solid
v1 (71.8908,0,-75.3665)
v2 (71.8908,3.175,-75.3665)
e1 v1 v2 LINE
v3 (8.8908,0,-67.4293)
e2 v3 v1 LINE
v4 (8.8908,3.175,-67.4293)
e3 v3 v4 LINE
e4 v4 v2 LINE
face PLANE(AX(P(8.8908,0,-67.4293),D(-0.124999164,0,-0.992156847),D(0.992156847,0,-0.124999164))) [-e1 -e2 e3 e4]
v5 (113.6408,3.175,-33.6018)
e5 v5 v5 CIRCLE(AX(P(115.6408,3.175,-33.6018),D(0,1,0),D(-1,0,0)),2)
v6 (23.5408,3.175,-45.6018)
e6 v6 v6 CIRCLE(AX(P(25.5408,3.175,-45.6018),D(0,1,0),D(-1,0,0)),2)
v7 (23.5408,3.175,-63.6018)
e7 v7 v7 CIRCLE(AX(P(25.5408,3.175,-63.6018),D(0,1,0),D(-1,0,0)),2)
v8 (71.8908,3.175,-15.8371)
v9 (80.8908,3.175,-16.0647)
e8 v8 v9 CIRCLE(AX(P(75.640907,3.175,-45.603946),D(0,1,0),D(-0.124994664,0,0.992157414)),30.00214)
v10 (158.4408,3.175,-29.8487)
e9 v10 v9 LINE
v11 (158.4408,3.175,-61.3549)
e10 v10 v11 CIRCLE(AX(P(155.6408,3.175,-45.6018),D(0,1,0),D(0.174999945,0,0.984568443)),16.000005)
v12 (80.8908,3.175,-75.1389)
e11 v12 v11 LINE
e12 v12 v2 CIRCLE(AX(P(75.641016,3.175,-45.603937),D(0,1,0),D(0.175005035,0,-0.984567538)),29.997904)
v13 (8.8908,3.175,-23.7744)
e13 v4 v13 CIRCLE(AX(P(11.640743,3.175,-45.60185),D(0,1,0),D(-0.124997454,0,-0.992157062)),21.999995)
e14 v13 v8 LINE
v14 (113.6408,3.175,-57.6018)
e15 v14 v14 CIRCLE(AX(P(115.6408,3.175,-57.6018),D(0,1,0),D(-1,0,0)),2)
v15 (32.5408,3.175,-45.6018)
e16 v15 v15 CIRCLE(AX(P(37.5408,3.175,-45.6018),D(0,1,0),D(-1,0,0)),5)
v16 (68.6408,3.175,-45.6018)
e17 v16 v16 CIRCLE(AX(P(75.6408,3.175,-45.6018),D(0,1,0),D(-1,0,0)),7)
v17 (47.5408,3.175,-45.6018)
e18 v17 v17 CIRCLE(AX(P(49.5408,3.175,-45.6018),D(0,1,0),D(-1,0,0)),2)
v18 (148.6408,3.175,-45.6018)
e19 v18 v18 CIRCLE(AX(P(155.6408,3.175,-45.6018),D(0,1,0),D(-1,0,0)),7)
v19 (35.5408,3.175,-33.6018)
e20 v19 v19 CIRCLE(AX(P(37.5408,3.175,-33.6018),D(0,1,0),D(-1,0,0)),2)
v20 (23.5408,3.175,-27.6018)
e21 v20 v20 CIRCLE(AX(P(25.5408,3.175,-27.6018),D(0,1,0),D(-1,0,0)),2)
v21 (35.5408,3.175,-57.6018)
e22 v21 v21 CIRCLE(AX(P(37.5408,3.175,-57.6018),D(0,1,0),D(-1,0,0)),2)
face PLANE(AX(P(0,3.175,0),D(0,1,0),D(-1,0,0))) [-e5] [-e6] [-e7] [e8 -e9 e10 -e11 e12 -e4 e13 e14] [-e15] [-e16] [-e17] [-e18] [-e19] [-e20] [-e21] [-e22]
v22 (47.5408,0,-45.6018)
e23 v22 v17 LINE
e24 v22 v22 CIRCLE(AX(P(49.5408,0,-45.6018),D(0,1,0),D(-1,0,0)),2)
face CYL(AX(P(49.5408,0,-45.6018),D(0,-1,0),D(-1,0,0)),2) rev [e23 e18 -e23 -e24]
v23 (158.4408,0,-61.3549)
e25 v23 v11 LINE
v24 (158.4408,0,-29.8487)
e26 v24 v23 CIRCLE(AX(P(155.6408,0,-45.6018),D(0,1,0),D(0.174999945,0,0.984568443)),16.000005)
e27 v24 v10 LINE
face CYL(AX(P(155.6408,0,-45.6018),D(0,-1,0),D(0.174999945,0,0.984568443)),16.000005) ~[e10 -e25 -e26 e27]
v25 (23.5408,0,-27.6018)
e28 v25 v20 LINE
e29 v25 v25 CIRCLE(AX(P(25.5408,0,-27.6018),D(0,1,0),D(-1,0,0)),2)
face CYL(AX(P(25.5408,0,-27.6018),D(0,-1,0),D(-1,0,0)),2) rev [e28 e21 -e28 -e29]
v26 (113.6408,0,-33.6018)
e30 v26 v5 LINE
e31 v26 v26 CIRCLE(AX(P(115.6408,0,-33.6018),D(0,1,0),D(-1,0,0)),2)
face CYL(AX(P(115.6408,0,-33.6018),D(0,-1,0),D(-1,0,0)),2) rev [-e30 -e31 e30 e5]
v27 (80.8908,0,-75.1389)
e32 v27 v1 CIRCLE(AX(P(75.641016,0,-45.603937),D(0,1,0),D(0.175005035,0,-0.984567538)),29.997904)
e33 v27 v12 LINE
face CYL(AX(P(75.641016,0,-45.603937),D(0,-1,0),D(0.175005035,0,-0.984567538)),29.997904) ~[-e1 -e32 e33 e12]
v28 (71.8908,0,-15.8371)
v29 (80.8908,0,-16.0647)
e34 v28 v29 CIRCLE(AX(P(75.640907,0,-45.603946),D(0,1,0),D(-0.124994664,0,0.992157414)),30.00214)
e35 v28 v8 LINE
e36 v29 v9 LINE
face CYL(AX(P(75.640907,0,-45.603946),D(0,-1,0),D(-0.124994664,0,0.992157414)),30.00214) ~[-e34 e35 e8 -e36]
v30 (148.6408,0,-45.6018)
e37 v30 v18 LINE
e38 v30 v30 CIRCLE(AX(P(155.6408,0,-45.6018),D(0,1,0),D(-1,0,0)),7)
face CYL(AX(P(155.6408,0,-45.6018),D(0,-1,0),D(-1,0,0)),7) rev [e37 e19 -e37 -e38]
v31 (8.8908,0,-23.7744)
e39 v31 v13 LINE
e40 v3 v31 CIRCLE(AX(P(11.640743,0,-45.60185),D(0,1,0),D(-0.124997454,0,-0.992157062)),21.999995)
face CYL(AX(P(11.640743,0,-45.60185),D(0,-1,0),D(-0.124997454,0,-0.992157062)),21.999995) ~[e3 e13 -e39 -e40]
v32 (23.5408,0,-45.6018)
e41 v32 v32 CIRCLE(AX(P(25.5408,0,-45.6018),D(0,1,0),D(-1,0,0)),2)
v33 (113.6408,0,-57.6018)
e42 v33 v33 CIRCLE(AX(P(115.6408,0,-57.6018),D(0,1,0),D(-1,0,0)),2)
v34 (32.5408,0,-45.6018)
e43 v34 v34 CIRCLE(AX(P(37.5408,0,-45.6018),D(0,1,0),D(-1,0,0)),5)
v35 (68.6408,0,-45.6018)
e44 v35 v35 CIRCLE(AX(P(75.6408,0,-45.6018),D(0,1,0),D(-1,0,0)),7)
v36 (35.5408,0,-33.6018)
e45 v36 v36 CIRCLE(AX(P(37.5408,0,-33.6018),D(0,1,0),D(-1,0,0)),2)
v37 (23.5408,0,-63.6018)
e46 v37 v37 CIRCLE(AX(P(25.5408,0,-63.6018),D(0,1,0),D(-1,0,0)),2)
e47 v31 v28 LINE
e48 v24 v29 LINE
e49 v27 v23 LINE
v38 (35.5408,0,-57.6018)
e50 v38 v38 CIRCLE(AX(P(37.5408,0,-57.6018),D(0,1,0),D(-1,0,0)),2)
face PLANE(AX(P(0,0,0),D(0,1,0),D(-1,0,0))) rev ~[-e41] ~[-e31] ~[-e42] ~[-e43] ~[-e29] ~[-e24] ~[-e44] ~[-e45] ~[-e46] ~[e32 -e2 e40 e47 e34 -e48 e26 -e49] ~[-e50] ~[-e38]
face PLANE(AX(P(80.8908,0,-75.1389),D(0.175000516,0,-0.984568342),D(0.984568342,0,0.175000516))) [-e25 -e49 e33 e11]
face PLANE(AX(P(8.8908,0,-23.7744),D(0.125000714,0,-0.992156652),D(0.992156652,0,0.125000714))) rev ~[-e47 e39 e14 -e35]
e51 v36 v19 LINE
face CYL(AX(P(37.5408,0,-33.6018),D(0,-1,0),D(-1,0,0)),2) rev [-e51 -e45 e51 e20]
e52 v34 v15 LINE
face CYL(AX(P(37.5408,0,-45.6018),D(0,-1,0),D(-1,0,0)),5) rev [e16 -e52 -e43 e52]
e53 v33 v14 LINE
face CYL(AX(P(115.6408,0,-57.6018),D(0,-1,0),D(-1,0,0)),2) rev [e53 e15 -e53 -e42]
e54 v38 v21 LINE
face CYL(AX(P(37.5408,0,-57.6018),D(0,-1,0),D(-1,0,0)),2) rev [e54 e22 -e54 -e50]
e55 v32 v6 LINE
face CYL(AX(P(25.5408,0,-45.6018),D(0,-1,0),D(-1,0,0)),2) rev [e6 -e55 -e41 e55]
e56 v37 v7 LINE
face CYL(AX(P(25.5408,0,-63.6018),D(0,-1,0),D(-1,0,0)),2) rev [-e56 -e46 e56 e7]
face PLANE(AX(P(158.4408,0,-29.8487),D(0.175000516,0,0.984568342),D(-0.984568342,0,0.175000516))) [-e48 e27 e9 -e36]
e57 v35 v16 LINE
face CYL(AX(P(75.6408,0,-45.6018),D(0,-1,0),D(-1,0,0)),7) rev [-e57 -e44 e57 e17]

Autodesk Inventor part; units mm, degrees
ref_plane "YZ Plane" through (0, 0, 0) normal (1, 0, 0) x (0, 1, 0)
ref_plane "XZ Plane" through (0, 0, 0) normal (0, 1, 0) x (-1, 0, 0)
ref_plane "XY Plane" through (0, 0, 0) normal (0, 0, 1) x (1, 0, 0)
sketch "Sketch1" plane through (0, 0, 0) normal (0, 1, 0) x (-1, 0, 0)
  line L0 (62.5322, -45.6018) -> (-188.8149, -45.6018) construction
  arc A0 (-158.4408, -29.8487) -> (-158.4408, -61.3549) centre (-155.6408, -45.6018) ccw
  arc A1 (-8.8908, -67.4293) -> (-8.8908, -23.7744) centre (-11.6408, -45.6018) ccw
  line L1 (-8.8908, -67.4293) -> (-71.8908, -75.3665)
  line L2 (-8.8908, -23.7744) -> (-71.8908, -15.8371)
  line L3 (-80.8908, -75.1389) -> (-158.4408, -61.3549)
  line L4 (-158.4408, -29.8487) -> (-80.8908, -16.0647)
  arc A2 (-80.8908, -75.1389) -> (-71.8908, -75.3665) centre (-75.6408, -45.6018) ccw
  arc A3 (-71.8908, -15.8371) -> (-80.8908, -16.0647) centre (-75.6408, -45.6018) ccw
  circle A4 centre (-155.6408, -45.6018) radius 7
  circle A5 centre (-75.6408, -45.6018) radius 7
  circle A6 centre (-37.5408, -45.6018) radius 12 construction
  circle A7 centre (-25.5408, -45.6018) radius 2
  circle A8 centre (-37.5408, -33.6018) radius 2
  circle A9 centre (-49.5408, -45.6018) radius 2
  circle A10 centre (-37.5408, -57.6018) radius 2
  circle A11 centre (-75.6408, -45.6018) radius 38.1 construction
  circle A12 centre (-155.6408, -45.6018) radius 38.1 construction
  circle A13 centre (-37.5408, -45.6018) radius 5
  circle A14 centre (-11.6408, -45.6018) radius 16 construction
  circle A15 centre (-25.5408, -63.6018) radius 2
  circle A16 centre (-25.5408, -27.6018) radius 2
  circle A17 centre (-115.6408, -57.6018) radius 2
  circle A18 centre (-115.6408, -33.6018) radius 2
  point P0 (0, 0)
  dimension "d9" = 24
  dimension "d16" = 76.2
  dimension "d0" = 32
  dimension "d1" = 44
  dimension "d3" = 80
  dimension "d4" = 64
  dimension "d5" = 14
  dimension "d6" = 14
  dimension "d7" = 30
  dimension "d8" = 30
  dimension "d10" = 4
  dimension "d13" = 360
  dimension "d15" = 12
  dimension "d17" = 76.2
  dimension "d18" = 10
  dimension "d19" = 32
  dimension "d20" = 4
  dimension "d21" = 4
  dimension "d22" = 4
  dimension "d23" = 4
  dimension "d24" = 40
  dimension "d25" = 40
  dimension "d26" = 12
  dimension "d27" = 12
  dimension "d30" = 36
  dimension "d31" = 18
extrude "Extrusion1" add sketch "Sketch1" along normal blind 3.175
properties part number "bottombeanv2"
